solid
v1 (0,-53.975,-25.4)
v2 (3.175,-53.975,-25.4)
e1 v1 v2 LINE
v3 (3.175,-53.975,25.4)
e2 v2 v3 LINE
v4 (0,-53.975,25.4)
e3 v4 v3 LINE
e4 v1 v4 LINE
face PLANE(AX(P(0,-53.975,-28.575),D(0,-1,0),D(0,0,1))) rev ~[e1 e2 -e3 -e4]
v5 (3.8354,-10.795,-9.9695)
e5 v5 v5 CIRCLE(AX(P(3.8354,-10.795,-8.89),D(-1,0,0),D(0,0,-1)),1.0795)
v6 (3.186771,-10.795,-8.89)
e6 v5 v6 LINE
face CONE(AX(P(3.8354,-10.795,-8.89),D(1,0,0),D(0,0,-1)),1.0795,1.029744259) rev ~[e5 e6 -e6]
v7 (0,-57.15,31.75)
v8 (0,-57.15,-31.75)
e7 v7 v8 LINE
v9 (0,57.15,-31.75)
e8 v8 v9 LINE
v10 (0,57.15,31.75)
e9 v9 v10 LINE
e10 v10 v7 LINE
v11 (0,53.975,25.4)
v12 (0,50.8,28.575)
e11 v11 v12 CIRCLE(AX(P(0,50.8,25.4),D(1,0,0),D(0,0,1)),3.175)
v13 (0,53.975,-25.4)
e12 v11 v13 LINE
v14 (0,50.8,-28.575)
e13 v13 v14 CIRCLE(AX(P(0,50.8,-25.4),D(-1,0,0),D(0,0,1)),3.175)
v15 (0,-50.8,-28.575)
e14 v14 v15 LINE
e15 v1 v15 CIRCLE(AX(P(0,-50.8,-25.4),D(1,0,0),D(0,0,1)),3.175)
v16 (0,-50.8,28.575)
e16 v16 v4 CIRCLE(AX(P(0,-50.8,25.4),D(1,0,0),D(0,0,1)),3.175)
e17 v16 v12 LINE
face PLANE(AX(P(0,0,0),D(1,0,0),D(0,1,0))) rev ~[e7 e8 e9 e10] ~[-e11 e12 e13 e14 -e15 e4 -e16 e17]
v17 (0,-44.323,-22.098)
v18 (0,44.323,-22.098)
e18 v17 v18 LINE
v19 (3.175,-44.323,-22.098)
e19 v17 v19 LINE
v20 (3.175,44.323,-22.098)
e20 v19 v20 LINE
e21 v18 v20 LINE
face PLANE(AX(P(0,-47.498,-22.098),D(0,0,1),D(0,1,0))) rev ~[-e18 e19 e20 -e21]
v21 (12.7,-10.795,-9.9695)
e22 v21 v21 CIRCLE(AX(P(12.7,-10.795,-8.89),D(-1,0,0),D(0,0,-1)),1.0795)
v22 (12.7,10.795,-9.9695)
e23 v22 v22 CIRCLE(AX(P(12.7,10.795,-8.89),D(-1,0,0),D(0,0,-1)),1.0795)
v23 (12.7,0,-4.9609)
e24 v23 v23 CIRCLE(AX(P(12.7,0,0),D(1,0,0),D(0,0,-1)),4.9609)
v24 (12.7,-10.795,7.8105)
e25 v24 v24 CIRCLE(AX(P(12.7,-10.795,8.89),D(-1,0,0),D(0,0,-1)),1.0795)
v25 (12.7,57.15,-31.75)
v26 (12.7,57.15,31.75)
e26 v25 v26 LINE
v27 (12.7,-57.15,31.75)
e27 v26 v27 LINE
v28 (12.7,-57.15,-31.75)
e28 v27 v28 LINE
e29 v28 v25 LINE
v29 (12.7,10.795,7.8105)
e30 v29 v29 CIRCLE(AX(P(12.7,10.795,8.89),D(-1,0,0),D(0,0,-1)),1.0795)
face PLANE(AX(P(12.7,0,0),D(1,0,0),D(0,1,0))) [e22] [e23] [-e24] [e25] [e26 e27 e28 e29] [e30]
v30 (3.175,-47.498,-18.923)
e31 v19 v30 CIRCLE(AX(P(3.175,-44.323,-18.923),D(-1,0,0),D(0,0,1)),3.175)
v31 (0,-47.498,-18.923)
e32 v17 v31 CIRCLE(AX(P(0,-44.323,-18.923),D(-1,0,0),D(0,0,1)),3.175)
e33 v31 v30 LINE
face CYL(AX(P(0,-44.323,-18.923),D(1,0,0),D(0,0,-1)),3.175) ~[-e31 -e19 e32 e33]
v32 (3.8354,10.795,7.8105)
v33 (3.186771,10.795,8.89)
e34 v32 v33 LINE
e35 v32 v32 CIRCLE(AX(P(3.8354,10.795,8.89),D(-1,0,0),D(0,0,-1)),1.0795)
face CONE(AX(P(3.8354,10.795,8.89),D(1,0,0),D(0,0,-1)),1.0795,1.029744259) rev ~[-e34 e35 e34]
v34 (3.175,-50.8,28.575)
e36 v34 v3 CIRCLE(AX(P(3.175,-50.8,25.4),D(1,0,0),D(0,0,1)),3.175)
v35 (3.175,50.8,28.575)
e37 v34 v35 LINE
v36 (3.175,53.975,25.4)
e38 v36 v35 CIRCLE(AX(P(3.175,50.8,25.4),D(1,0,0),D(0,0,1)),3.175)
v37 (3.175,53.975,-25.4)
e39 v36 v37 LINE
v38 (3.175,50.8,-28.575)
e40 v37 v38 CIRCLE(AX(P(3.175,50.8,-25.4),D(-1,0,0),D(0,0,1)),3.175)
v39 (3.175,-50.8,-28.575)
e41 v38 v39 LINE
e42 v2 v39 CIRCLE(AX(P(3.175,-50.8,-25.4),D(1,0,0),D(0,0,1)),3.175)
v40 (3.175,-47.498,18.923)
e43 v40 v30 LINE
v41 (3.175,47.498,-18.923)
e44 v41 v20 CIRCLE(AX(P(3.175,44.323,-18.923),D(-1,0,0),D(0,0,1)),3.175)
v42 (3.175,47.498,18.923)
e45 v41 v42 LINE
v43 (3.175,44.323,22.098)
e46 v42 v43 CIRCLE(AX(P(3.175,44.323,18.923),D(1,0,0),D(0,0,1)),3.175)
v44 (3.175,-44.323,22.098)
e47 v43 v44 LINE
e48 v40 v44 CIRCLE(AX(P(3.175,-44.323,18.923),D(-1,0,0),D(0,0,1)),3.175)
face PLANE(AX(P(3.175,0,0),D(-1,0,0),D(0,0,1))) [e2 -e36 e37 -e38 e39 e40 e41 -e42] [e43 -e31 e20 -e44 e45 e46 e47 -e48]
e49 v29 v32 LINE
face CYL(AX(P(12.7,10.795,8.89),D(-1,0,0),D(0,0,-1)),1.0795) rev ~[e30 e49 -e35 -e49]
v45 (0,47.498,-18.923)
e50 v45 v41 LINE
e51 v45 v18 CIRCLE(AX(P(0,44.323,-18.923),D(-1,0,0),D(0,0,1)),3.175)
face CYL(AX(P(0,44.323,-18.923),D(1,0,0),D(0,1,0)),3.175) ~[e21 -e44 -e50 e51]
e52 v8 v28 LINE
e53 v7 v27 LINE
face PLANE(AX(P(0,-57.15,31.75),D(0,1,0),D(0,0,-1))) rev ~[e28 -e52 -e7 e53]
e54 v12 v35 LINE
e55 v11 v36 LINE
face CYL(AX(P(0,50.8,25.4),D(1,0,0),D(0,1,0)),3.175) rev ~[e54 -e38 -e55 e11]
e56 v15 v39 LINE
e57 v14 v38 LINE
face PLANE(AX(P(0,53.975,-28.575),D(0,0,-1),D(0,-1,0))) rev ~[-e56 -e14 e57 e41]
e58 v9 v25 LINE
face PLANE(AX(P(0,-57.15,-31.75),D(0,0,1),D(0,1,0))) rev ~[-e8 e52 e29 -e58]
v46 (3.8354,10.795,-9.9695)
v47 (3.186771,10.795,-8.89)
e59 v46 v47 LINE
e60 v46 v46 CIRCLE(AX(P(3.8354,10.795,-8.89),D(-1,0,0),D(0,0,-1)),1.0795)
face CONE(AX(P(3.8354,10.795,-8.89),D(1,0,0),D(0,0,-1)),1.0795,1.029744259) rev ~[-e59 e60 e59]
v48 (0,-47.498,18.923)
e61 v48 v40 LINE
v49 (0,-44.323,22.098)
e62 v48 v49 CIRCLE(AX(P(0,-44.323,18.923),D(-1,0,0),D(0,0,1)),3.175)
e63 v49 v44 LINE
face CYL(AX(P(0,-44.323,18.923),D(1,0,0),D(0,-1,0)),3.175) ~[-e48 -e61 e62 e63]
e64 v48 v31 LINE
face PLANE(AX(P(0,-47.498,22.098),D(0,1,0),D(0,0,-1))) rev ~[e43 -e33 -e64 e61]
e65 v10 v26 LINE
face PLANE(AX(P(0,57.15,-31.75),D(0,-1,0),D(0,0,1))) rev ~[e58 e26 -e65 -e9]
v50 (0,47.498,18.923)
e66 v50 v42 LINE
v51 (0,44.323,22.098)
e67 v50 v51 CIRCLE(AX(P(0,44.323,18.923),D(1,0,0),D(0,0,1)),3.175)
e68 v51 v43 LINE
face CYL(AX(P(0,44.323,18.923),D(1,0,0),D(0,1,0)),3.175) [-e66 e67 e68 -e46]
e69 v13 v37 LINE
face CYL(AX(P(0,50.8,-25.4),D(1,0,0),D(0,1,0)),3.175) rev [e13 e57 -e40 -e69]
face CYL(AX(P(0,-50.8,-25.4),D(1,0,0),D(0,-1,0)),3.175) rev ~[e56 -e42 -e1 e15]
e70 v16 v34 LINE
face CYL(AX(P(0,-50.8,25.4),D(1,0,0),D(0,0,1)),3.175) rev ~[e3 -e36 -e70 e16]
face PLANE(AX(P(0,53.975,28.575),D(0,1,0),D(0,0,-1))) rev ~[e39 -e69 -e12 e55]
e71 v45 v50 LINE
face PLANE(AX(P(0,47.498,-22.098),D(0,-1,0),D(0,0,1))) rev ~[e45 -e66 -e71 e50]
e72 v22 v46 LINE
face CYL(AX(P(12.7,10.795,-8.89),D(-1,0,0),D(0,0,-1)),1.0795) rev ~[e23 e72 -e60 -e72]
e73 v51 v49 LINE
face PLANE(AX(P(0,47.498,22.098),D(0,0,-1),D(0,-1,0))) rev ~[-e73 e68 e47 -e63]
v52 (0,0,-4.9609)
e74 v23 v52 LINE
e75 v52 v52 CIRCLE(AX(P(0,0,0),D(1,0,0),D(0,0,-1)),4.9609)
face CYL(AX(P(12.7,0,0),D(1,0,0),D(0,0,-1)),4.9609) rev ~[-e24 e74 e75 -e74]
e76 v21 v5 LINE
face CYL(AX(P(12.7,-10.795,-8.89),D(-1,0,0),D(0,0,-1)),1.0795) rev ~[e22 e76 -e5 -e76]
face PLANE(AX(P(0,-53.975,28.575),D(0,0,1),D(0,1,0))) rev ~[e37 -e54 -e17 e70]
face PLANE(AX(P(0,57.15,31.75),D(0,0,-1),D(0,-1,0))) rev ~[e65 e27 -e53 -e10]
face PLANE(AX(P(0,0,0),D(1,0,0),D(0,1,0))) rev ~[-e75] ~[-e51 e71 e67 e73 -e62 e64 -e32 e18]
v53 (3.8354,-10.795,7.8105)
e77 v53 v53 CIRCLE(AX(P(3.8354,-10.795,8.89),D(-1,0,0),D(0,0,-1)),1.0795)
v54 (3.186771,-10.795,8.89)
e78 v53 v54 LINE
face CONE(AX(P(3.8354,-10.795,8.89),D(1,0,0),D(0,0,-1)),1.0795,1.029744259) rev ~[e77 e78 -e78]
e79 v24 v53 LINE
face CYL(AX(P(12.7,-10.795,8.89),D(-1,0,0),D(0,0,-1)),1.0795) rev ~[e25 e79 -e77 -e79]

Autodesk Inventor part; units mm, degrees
ref_plane "YZ Plane" through (0, 0, 0) normal (1, 0, 0) x (0, 1, 0)
ref_plane "XZ Plane" through (0, 0, 0) normal (0, 1, 0) x (-1, 0, 0)
ref_plane "XY Plane" through (0, 0, 0) normal (0, 0, 1) x (1, 0, 0)
sketch "Sketch1" plane through (0, 0, 0) normal (1, 0, 0) x (0, 1, 0)
  line L0 (57.15, 31.75) -> (-57.15, 31.75)
  line L1 (-57.15, 31.75) -> (-57.15, -31.75)
  line L2 (-57.15, -31.75) -> (57.15, -31.75)
  line L3 (57.15, -31.75) -> (57.15, 31.75)
  line L4 (-50.8, 25.4) -> (50.8, 25.4)
  line L5 (50.8, 25.4) -> (50.8, -25.4)
  line L6 (50.8, -25.4) -> (-50.8, -25.4)
  line L7 (-50.8, -25.4) -> (-50.8, 25.4)
  point P0 (0, 0)
  point P1 (0, -31.75)
  point P2 (57.15, 0)
  point P3 (0, 25.4)
  point P4 (-50.8, 0)
  dimension "d0" = 63.5
  dimension "d1" = 114.3
  dimension "d14" = 50.8
  dimension "d15" = 101.6
extrude "Extrusion1" add sketch "Sketch1" along normal blind 12.7 contours L3 L2 L1 L0 | L4 L5 L6 L7
sketch "Sketch2" plane through (12.7, 0, 0) normal (1, 0, 0) x (0, 0, -1)
  line L0 (-8.89, -10.795) -> (8.89, 10.795) construction
  line L1 (-8.89, 10.795) -> (8.89, -10.795) construction
  circle A0 centre (0, 0) radius 4.9609
  dimension "d5" = 21.59
  dimension "d12" = 9.9219
  dimension "d13" = 17.78
sketch "Sketch3" plane through (0, 0, 0) normal (-1, 0, 0) x (0, 0, 1)
  line L0 (-28.575, -53.975) -> (28.575, -53.975)
  line L1 (28.575, -53.975) -> (28.575, 53.975)
  line L2 (28.575, 53.975) -> (-28.575, 53.975)
  line L3 (-28.575, 53.975) -> (-28.575, -53.975)
  line L4 (22.098, 47.498) -> (22.098, -47.498)
  line L5 (22.098, -47.498) -> (-22.098, -47.498)
  line L6 (-22.098, -47.498) -> (-22.098, 47.498)
  line L7 (-22.098, 47.498) -> (22.098, 47.498)
  point P0 (0, 0)
  point P1 (0, -53.975)
  point P2 (-28.575, 0)
  point P3 (0, 0)
  point P4 (28.575, 0)
  point P5 (0, 53.975)
  dimension "d16" = 107.95
  dimension "d17" = 57.15
  dimension "d31" = 6.477
extrude "Extrusion3" cut sketch "Sketch3" against normal blind 3.175
extrude "Extrusion4" cut sketch "Sketch2" against normal through all
hole "Hole1" at (12.7, -10.795, 8.89) at (12.7, 10.795, 8.89) at (12.7, 10.795, -8.89) at (12.7, -10.795, -8.89) direction (-1, 0, 0) diameter 2.159 depth 8.8646 tip angle 118
fillet "Fillet1" radius 3.175 8 edges at (1.5875, 53.975, 28.575) (1.5875, -47.498, 22.098) (1.5875, -47.498, -22.098) (1.5875, -53.975, -28.575) (1.5875, 47.498, -22.098) (1.5875, -53.975, 28.575) (1.5875, 53.975, -28.575) (1.5875, 47.498, 22.098)
properties part number "plate" material "Aluminum 6061"
